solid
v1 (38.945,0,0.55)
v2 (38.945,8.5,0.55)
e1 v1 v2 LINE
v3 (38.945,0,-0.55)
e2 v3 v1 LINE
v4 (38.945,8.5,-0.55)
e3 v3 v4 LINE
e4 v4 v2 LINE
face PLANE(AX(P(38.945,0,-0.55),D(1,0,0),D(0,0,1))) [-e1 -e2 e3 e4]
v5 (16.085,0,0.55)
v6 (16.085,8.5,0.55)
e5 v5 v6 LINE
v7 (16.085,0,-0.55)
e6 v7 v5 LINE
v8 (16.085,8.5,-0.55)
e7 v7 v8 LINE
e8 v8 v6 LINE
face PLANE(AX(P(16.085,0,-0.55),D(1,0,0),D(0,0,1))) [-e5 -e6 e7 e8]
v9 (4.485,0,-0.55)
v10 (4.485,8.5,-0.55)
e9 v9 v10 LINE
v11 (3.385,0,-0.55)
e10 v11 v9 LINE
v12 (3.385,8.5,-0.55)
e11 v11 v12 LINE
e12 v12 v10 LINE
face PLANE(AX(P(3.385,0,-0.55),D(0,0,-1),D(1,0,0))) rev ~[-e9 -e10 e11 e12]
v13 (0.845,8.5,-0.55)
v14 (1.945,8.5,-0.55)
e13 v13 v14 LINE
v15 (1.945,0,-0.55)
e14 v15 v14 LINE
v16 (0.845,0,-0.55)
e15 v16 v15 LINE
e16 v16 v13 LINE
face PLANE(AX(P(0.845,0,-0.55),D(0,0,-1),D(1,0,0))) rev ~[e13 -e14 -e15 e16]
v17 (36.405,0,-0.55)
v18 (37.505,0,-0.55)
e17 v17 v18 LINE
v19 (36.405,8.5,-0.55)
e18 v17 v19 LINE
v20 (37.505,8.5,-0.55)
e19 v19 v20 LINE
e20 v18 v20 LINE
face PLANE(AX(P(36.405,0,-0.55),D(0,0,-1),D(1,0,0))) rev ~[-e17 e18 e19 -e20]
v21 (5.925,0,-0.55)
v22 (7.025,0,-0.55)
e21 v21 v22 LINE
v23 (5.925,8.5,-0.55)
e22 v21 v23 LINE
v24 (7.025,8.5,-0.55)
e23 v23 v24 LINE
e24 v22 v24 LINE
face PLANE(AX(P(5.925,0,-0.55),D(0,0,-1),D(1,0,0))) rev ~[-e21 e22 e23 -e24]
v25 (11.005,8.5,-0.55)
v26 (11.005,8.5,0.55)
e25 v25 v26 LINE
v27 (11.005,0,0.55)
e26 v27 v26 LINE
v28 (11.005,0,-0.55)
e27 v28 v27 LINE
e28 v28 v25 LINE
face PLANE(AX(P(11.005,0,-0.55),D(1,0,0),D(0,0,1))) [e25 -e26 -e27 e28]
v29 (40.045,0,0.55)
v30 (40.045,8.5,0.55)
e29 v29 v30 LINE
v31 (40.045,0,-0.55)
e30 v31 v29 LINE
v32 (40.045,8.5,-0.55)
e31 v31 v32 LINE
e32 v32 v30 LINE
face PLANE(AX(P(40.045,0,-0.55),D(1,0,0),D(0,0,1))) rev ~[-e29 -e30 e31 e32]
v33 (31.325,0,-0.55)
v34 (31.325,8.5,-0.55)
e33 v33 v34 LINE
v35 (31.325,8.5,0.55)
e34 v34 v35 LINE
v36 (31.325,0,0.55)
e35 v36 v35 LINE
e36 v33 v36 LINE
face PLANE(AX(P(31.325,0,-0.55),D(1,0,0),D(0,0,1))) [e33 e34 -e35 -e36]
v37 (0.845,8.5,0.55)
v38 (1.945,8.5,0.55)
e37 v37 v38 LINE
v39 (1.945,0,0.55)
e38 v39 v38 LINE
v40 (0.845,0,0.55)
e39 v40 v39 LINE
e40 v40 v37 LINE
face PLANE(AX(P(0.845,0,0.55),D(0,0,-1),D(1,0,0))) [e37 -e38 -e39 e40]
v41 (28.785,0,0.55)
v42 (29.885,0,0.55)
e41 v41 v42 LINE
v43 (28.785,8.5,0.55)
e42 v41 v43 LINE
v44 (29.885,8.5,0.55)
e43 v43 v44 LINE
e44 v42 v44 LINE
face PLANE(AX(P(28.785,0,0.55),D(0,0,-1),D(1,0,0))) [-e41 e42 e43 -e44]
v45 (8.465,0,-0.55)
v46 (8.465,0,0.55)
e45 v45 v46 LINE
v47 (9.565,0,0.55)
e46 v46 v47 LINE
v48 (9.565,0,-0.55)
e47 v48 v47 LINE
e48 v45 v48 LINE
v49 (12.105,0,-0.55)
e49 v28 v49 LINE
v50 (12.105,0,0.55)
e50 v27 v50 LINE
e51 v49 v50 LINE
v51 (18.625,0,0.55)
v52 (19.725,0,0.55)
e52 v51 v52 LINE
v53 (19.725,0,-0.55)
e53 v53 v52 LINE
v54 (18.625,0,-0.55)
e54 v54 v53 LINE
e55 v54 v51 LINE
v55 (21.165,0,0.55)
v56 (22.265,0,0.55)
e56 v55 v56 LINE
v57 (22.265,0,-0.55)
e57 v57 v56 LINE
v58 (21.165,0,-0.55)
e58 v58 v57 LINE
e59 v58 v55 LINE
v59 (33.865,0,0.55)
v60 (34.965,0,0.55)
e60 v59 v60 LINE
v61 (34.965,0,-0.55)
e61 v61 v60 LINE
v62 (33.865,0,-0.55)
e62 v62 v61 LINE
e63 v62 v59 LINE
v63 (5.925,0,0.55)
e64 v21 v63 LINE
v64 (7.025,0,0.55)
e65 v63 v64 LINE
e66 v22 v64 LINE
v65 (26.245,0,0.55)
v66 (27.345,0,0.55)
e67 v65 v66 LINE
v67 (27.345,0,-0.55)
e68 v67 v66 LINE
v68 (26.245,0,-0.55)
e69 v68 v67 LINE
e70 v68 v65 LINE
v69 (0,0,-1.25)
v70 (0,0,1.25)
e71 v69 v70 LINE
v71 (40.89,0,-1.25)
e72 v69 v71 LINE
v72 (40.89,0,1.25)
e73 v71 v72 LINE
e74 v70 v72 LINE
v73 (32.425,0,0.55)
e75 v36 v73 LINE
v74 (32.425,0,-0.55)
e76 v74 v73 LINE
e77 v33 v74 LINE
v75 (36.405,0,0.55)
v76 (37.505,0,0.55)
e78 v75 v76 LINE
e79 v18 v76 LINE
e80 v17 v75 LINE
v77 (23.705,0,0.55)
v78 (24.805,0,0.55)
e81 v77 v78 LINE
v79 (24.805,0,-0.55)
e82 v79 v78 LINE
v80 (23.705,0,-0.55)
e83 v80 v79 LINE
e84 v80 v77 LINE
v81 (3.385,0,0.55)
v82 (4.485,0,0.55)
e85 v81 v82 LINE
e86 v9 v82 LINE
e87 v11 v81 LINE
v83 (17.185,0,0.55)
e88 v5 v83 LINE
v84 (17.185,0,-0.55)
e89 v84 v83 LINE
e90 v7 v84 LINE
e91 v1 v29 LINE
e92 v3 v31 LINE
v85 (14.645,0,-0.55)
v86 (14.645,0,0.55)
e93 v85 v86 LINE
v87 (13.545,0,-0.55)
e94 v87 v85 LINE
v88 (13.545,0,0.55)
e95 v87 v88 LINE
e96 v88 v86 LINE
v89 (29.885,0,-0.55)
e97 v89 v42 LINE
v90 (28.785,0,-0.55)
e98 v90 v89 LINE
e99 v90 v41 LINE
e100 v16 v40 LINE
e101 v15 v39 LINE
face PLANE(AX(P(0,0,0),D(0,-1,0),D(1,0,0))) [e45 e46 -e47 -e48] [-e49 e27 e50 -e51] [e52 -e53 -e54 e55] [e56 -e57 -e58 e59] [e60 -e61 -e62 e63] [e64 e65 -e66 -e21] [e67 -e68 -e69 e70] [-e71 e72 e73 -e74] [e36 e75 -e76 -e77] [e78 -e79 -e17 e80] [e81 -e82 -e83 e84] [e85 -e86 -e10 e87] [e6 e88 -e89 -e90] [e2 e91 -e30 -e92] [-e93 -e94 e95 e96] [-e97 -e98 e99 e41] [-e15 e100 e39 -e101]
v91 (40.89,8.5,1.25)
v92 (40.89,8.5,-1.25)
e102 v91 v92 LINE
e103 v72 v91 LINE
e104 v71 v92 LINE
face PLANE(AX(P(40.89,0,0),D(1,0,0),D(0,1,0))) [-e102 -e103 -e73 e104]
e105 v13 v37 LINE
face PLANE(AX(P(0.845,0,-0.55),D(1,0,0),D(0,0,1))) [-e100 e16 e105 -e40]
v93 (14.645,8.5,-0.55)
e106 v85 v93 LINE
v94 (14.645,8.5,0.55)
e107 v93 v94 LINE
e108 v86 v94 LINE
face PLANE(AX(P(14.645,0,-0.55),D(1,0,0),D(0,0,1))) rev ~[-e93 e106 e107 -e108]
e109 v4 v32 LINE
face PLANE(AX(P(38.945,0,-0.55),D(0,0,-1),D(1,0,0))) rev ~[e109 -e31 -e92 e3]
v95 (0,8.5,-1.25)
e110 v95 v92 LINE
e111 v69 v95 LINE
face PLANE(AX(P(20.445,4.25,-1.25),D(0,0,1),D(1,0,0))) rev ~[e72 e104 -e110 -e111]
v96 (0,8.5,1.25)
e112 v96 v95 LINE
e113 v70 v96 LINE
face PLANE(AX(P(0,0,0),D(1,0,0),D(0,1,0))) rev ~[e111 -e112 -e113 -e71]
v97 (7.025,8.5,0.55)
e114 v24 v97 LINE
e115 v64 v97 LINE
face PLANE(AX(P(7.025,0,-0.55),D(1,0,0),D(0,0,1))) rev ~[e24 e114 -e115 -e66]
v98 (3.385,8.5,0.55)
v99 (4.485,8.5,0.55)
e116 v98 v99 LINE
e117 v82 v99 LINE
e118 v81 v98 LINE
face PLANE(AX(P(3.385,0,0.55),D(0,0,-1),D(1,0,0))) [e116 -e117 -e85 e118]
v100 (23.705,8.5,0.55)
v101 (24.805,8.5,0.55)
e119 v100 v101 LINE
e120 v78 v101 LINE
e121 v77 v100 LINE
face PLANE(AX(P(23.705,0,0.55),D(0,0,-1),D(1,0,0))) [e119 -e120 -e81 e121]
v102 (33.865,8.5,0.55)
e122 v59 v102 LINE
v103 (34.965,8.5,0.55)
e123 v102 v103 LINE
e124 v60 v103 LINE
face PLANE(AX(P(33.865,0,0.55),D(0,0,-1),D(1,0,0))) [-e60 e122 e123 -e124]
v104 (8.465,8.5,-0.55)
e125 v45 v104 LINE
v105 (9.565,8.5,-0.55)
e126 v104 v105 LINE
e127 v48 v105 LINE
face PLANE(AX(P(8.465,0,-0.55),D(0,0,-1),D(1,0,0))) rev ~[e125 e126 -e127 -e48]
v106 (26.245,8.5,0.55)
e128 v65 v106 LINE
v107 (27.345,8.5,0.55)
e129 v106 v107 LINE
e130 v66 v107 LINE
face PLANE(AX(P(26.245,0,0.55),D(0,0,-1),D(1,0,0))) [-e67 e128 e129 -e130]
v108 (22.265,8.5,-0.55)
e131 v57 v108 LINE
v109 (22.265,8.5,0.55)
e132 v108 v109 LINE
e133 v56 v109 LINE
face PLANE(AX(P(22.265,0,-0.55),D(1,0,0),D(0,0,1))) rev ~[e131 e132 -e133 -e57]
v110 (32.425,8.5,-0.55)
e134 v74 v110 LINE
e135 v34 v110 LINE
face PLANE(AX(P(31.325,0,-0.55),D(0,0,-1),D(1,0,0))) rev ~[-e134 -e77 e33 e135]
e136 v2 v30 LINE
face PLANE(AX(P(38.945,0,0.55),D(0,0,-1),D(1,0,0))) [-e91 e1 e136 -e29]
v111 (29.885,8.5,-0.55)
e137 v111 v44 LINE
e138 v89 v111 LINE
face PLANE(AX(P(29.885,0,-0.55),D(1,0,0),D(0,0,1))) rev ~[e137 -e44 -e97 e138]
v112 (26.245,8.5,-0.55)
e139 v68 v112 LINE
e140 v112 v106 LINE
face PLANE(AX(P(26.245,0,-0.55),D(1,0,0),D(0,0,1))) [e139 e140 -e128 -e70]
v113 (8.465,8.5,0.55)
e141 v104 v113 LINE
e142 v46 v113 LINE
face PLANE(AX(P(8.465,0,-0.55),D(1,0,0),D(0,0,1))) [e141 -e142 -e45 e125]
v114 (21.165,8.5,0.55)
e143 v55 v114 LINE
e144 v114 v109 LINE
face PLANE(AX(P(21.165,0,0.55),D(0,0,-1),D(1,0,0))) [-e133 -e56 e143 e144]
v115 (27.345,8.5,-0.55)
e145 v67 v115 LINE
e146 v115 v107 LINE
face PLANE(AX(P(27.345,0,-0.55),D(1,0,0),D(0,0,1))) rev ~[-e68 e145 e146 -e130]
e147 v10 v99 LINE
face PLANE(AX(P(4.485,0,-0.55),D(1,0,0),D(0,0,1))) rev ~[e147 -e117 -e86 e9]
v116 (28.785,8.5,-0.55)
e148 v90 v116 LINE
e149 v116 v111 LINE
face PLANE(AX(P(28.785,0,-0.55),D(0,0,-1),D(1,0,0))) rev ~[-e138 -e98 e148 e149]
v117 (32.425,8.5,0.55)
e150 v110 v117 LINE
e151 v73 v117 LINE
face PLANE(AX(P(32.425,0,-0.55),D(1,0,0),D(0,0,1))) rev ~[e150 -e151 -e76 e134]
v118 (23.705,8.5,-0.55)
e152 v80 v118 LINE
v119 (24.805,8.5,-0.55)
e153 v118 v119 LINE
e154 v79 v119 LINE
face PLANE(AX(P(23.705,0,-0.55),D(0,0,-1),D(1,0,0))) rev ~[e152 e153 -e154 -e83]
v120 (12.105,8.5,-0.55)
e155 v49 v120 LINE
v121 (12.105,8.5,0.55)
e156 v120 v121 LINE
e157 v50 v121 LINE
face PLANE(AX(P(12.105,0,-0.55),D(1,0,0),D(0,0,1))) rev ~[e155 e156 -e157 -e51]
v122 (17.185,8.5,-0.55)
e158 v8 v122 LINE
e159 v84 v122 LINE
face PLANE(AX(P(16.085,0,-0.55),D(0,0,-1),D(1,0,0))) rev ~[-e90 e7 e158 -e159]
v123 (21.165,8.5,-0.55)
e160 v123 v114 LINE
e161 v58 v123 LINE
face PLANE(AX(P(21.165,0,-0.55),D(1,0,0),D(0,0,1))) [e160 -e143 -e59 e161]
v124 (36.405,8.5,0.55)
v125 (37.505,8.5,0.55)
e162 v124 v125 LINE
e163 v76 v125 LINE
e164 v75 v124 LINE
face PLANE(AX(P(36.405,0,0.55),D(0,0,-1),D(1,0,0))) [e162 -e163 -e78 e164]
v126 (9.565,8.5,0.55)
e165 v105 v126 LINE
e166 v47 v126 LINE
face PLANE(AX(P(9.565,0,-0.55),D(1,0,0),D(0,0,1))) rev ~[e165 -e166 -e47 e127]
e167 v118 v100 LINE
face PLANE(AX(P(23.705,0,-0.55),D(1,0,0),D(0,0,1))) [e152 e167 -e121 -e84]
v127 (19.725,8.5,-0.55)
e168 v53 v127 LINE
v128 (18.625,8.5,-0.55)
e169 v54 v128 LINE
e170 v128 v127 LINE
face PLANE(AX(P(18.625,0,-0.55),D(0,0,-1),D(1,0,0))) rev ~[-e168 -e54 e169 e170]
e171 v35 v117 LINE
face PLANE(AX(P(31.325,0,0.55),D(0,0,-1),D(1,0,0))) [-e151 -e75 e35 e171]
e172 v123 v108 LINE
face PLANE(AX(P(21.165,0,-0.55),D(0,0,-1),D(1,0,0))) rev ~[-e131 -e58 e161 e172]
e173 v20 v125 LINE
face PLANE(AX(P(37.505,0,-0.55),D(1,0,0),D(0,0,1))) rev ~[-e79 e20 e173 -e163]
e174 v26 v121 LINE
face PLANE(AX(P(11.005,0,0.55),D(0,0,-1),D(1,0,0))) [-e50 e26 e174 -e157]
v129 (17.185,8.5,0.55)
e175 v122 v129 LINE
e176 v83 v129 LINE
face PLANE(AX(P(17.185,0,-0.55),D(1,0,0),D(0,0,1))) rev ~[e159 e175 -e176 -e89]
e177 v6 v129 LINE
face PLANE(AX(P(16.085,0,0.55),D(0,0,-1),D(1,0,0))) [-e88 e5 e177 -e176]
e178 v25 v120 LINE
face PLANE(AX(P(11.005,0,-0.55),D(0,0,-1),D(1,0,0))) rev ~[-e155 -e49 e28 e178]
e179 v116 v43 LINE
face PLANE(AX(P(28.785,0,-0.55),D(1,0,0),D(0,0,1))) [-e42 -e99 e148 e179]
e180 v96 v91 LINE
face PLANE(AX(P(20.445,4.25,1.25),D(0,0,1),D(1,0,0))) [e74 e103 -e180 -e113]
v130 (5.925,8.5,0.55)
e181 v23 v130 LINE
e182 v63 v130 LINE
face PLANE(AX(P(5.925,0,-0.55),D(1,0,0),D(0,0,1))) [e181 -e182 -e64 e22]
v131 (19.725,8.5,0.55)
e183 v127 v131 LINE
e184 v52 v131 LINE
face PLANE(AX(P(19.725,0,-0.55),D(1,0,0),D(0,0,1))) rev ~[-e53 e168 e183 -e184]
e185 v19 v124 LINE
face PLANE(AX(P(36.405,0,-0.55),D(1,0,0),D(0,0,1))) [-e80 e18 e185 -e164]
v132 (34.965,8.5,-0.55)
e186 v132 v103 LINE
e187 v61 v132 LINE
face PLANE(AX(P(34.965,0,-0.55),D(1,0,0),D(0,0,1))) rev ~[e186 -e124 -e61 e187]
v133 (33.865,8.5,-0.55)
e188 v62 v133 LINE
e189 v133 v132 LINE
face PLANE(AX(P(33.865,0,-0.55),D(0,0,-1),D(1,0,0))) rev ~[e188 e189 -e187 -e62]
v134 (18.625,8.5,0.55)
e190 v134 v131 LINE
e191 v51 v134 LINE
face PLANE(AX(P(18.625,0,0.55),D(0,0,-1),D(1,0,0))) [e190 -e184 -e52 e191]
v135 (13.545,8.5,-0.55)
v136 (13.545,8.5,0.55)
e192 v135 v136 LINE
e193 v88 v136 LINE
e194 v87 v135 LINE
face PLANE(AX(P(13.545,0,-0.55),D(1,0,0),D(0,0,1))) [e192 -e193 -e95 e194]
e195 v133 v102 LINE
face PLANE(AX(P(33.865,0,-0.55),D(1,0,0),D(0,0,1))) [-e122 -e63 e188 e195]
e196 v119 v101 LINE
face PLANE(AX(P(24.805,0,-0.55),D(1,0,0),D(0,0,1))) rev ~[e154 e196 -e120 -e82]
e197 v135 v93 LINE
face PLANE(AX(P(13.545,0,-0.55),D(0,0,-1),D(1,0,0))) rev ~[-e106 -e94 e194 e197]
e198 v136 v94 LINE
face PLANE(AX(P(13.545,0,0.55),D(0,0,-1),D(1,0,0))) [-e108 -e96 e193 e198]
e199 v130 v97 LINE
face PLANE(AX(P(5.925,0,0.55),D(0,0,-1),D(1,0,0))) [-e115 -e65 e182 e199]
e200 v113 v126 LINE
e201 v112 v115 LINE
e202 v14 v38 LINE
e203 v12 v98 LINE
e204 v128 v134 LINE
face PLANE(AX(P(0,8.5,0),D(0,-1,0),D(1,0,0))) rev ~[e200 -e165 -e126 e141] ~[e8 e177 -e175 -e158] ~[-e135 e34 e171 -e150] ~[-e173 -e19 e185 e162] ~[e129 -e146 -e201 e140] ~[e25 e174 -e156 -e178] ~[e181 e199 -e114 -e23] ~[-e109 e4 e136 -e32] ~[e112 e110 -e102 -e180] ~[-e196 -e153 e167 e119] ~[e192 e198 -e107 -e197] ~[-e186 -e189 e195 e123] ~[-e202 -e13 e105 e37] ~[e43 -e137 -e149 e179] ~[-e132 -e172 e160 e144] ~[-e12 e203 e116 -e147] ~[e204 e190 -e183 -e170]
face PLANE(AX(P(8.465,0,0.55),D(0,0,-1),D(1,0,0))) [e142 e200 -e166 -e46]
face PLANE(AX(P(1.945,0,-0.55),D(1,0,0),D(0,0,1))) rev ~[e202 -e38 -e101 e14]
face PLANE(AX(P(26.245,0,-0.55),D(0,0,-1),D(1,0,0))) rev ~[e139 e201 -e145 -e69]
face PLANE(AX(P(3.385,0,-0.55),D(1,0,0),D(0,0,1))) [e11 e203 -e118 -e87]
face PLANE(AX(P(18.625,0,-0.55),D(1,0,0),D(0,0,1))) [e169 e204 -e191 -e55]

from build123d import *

# Parameters (mm, degrees)
SKETCH1_W           = 40.89
SKETCH1_H           = 8.5
BOSS_EXTRUDE1_DEPTH = 1.25
SKETCH2_W           = 1.1
SKETCH2_H           = 1.1
CUT_EXTRUDE1_DEPTH  = 42.782826616


with BuildPart() as part:
    # Sketch1 → Boss-Extrude1 (new, symmetric)
    with BuildSketch(Plane.XY):
        with Locations((20.445, 4.25)):
            Rectangle(SKETCH1_W, SKETCH1_H)
    extrude(amount=BOSS_EXTRUDE1_DEPTH, both=True)

    # Sketch2 → Cut-Extrude1 (cut, through all)
    with BuildSketch(Plane.XZ):
        with Locations((3.935, 0)):
            Rectangle(SKETCH2_W, SKETCH2_H)
        with Locations((1.395, 0)):
            Rectangle(SKETCH2_W, SKETCH2_H)
        with Locations((6.475, 0)):
            Rectangle(SKETCH2_W, SKETCH2_H)
        with Locations((9.015, 0)):
            Rectangle(SKETCH2_W, SKETCH2_H)
        with Locations((11.555, 0)):
            Rectangle(SKETCH2_W, SKETCH2_H)
        with Locations((14.095, 0)):
            Rectangle(SKETCH2_W, SKETCH2_H)
        with Locations((16.635, 0)):
            Rectangle(SKETCH2_W, SKETCH2_H)
        with Locations((19.175, 0)):
            Rectangle(SKETCH2_W, SKETCH2_H)
        with Locations((21.715, 0)):
            Rectangle(SKETCH2_W, SKETCH2_H)
        with Locations((24.255, 0)):
            Rectangle(SKETCH2_W, SKETCH2_H)
        with Locations((26.795, 0)):
            Rectangle(SKETCH2_W, SKETCH2_H)
        with Locations((29.335, 0)):
            Rectangle(SKETCH2_W, SKETCH2_H)
        with Locations((31.875, 0)):
            Rectangle(SKETCH2_W, SKETCH2_H)
        with Locations((34.415, 0)):
            Rectangle(SKETCH2_W, SKETCH2_H)
        with Locations((36.955, 0)):
            Rectangle(SKETCH2_W, SKETCH2_H)
        with Locations((39.495, 0)):
            Rectangle(SKETCH2_W, SKETCH2_H)
    extrude(amount=-CUT_EXTRUDE1_DEPTH, mode=Mode.SUBTRACT)


solid = part.part
